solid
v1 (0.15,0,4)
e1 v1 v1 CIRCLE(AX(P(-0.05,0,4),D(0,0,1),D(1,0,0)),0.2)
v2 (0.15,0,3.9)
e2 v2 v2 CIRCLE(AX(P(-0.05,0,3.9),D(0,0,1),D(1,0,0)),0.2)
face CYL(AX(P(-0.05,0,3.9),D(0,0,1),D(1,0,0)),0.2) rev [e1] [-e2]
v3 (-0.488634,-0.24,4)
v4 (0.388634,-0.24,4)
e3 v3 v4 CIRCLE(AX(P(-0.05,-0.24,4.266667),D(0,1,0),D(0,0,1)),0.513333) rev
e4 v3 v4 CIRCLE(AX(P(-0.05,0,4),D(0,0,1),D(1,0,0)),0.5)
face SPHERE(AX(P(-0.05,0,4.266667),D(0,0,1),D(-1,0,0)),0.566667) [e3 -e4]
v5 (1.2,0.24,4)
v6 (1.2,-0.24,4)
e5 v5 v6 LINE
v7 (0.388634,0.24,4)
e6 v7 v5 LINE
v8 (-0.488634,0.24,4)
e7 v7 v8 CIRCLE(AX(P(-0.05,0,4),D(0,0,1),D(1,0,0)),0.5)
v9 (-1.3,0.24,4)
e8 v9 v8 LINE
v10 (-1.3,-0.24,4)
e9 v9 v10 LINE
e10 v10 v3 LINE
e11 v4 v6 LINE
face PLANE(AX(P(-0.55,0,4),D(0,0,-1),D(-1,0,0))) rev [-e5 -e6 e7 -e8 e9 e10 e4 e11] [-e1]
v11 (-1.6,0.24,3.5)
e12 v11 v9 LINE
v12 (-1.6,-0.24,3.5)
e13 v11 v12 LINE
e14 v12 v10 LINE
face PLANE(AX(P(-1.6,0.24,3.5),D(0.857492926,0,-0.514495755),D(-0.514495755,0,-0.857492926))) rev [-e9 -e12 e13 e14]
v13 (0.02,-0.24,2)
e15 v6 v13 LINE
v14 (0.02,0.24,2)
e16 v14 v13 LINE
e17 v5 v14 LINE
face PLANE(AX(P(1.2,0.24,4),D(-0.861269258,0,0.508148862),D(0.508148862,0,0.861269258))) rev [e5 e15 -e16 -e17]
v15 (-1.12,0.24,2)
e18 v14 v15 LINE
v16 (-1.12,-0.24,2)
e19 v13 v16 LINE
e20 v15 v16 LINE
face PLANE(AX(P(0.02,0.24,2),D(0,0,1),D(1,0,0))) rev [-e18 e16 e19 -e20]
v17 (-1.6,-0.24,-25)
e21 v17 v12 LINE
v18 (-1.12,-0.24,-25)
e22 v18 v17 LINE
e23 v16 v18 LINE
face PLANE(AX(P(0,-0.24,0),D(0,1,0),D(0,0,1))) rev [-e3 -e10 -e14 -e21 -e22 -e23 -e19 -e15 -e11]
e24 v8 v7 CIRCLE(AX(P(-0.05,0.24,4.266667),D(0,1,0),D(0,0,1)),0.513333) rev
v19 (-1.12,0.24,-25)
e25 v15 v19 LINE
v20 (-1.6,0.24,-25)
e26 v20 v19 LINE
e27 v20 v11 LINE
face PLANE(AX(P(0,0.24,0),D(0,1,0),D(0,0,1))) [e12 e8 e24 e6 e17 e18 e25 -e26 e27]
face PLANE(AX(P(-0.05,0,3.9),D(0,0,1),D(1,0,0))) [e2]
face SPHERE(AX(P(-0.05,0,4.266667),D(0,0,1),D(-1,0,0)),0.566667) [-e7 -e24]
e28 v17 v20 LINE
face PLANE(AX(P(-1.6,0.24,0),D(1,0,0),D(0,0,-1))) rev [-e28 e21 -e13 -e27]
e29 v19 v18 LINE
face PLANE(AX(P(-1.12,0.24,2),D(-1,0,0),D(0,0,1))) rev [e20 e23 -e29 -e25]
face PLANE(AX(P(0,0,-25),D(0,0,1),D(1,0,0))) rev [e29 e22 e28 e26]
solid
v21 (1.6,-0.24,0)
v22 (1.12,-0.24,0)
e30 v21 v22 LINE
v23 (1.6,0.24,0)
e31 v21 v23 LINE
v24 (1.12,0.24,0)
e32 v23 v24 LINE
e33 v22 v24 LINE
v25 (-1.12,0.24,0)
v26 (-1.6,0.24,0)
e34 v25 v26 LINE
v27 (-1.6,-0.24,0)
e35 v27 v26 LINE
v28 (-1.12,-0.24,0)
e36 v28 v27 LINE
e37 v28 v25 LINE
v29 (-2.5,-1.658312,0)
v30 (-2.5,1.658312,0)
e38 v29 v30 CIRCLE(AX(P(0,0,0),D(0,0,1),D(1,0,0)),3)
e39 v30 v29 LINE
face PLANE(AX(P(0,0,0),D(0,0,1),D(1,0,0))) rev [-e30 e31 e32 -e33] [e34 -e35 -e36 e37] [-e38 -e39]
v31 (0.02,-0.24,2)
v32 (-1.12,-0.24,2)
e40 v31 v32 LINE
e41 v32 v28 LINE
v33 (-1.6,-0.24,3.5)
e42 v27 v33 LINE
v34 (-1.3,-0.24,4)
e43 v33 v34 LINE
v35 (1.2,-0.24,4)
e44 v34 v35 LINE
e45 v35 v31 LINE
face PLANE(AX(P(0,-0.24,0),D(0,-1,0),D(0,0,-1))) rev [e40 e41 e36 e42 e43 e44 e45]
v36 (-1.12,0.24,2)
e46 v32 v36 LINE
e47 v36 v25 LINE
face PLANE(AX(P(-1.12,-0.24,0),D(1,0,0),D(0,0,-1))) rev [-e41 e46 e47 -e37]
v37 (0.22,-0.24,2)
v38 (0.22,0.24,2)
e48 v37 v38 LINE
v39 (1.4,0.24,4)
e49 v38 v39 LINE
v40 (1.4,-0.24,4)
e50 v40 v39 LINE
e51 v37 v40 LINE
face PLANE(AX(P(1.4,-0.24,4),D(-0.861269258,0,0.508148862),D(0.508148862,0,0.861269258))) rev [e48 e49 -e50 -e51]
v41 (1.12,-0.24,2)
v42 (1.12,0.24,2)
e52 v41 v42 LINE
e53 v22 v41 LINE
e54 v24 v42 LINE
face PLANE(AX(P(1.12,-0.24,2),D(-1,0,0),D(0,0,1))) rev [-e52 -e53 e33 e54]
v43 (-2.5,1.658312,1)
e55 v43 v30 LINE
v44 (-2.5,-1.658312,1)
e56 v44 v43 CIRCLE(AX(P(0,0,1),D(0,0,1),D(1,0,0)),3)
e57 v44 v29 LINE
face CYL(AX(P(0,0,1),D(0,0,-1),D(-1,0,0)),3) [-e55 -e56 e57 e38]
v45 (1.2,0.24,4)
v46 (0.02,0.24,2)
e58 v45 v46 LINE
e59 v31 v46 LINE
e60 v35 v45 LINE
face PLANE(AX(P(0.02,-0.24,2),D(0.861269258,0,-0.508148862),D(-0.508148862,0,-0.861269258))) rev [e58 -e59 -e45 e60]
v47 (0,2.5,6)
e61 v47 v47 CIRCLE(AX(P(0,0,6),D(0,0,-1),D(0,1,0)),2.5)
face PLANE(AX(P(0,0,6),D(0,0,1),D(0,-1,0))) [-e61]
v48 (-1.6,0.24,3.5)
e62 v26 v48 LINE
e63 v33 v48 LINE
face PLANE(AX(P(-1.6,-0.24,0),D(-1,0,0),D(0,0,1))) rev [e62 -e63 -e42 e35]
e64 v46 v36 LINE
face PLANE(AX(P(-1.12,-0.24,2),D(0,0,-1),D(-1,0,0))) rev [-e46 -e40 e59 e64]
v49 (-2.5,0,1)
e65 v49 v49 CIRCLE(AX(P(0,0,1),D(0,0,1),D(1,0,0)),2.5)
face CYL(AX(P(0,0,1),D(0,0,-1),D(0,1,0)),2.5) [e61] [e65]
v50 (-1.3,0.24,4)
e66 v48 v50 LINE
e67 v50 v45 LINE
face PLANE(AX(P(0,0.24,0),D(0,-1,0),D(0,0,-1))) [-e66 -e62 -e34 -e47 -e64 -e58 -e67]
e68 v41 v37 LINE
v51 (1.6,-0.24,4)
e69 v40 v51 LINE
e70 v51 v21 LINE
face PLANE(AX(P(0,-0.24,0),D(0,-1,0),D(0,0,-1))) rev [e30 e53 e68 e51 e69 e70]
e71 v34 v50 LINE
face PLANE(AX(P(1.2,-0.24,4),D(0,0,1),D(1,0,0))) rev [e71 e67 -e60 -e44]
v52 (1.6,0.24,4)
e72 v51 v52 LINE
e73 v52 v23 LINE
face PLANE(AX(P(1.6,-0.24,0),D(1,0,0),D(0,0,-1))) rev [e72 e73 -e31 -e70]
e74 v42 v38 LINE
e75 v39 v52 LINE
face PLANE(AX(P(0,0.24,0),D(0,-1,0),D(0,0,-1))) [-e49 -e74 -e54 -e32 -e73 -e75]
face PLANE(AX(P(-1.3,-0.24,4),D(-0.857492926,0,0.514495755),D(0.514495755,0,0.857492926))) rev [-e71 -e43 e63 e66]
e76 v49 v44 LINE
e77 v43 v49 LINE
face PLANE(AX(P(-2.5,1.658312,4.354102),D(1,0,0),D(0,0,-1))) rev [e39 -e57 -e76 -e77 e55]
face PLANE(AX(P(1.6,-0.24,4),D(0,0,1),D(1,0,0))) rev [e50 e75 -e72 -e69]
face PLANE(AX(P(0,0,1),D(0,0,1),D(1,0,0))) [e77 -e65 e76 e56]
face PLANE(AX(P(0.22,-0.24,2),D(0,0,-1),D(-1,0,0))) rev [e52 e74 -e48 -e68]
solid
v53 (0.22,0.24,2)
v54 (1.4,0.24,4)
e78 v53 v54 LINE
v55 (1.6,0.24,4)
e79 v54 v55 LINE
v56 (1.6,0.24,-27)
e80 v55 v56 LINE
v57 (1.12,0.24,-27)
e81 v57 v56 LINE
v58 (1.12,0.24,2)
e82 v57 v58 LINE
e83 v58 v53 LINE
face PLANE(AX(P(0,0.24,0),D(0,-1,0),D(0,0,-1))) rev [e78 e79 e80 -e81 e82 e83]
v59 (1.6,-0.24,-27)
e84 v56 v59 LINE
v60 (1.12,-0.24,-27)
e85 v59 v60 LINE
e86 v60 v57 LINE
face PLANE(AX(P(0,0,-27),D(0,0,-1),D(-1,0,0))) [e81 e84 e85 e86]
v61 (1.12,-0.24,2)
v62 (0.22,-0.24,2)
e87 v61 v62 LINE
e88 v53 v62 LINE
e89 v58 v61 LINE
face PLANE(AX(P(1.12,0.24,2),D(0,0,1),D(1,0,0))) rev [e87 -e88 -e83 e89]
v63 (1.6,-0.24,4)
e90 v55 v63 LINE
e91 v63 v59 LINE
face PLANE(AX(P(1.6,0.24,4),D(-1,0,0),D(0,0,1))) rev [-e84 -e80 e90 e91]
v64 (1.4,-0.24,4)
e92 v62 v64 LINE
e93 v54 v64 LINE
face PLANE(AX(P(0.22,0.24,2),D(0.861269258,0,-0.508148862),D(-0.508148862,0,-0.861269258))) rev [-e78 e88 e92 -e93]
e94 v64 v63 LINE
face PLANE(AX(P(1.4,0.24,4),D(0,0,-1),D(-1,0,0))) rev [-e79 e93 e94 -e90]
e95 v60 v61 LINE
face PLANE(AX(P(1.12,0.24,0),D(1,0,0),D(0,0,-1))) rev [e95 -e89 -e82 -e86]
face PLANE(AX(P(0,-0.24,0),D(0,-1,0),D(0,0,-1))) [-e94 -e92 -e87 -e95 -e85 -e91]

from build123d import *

# Parameters (mm, degrees)
ESBO_O1_R                  = 3
RESSALTO_EXTRUS_O1_DEPTH   = 1
ESBO_O3_W                  = 5
ESBO_O3_H                  = 2.5
CORTE_EXTRUS_O1_DEPTH      = 1
ESBO_O5_W                  = 0.48
ESBO_O5_H                  = 0.48
RESSALTO_EXTRUS_O2_DEPTH   = 25
RESSALTO_EXTRUS_O2_2_DEPTH = 25
ESBO_O6_W                  = 0.48
ESBO_O6_H                  = 0.48
RESSALTO_EXTRUS_O3_DEPTH   = 2
CORTE_EXTRUS_O2_DEPTH      = 0.24
RESSALTO_EXTRUS_O4_DEPTH   = 0.24
RESSALTO_EXTRUS_O4_2_DEPTH = 0.24
ESBO_O12_R                 = 0.2
CORTE_EXTRUS_O3_DEPTH      = 0.1


with BuildPart() as part:
    # Esboço1 → Ressalto-extrusão1 (new body)
    with BuildSketch(Plane.XY):
        Circle(ESBO_O1_R)
    extrude(amount=RESSALTO_EXTRUS_O1_DEPTH)

    # Esboço3 → Revolução1 (revolve)
    with BuildSketch(Plane(origin=(0, 0, 0), x_dir=(0, 0, -1), z_dir=(1, 0, 0))):
        with Locations((-3.5, 1.25)):
            Rectangle(ESBO_O3_W, ESBO_O3_H)
    revolve(axis=Axis((0, 0, 1), (0, 0, 1)))

    # Esboço4 → Corte-extrusão1 (cut)
    with BuildSketch(Plane(origin=(0, 0, 0), x_dir=(-1, 0, 0), z_dir=(0, 0, -1))):
        with BuildLine():
            Line((2.5, 1.658312395), (2.5, -1.658312395))
            ThreePointArc((2.5, -1.658312395), (3, 0), (2.5, 1.658312395))
        make_face()
    extrude(amount=-CORTE_EXTRUS_O1_DEPTH, mode=Mode.SUBTRACT)

    # Esboço7 → Corte-extrusão2 (cut, symmetric)
    with BuildSketch(Plane(origin=(0, 0, 0), x_dir=(1, 0, 0), z_dir=(0, 1, 0))):
        Polygon((-1.6, 0), (-1.6, -3.5), (-1.3, -4), (1.2, -4), (0.02, -2), (-1.12, -2), (-1.12, 0), align=None)
        Polygon((1.6, 0), (1.6, -4), (1.4, -4), (0.22, -2), (1.12, -2), (1.12, 0), align=None)
    extrude(amount=CORTE_EXTRUS_O2_DEPTH, both=True, mode=Mode.SUBTRACT)


with BuildPart() as body_2:
    # Esboço5 → Ressalto-extrusão2 (new body)
    with BuildSketch(Plane(origin=(0, 0, 0), x_dir=(-1, 0, 0), z_dir=(0, 0, -1))):
        with Locations((-1.36, 0)):
            Rectangle(ESBO_O5_W, ESBO_O5_H)
    extrude(amount=RESSALTO_EXTRUS_O2_DEPTH)


with BuildPart() as body_3:
    # Esboço5 → Ressalto-extrus_o2 2 (new body)
    with BuildSketch(Plane(origin=(0, 0, 0), x_dir=(-1, 0, 0), z_dir=(0, 0, -1))):
        with Locations((1.36, 0)):
            Rectangle(ESBO_O5_W, ESBO_O5_H)
    extrude(amount=RESSALTO_EXTRUS_O2_2_DEPTH)


with BuildPart() as body_4:
    # Esboço6 → Ressalto-extrusão3 (new body)
    with BuildSketch(Plane(origin=(0, 0, -25), x_dir=(-1, 0, 0), z_dir=(0, 0, -1))):
        with Locations((-1.36, 0)):
            Rectangle(ESBO_O6_W, ESBO_O6_H)
    extrude(amount=RESSALTO_EXTRUS_O3_DEPTH)


with BuildPart() as body_5:
    # Esboço8 → Ressalto-extrusão4 (new body, symmetric)
    with BuildSketch(Plane(origin=(0, 0, 0), x_dir=(1, 0, 0), z_dir=(0, 1, 0))):
        Polygon((-1.3, -4), (1.2, -4), (0.02, -2), (-1.12, -2), (-1.12, 0), (-1.6, 0), (-1.6, -3.5), align=None)
    extrude(amount=RESSALTO_EXTRUS_O4_DEPTH, both=True)

    # Combinar2: union body 3
    add(body_3.part)

    # Esboço10 → Corte-Revolução1 (revolve, cut)
    with BuildSketch(Plane(origin=(0, 0, 0), x_dir=(1, 0, 0), z_dir=(0, 1, 0))):
        with BuildLine():
            Line((-0.05, -4), (-0.05, -3.7))
            ThreePointArc((-0.05, -3.7), (-0.341547595, -3.780754009), (-0.55, -4))
            Line((-0.55, -4), (-0.05, -4))
        make_face()
    revolve(axis=Axis((-0.05, 0, 4), (0, 0, -1)), mode=Mode.SUBTRACT)


with BuildPart() as body_6:
    # Esboço8 → Ressalto-extrus_o4 2 (new body, symmetric)
    with BuildSketch(Plane(origin=(0, 0, 0), x_dir=(1, 0, 0), z_dir=(0, 1, 0))):
        Polygon((0.22, -2), (1.4, -4), (1.6, -4), (1.6, 0), (1.12, 0), (1.12, -2), align=None)
    extrude(amount=RESSALTO_EXTRUS_O4_2_DEPTH, both=True)

    # Combinar1: union body 4, body 2
    add(body_4.part)
    add(body_2.part)


with BuildPart() as body_4_2:
    # Esboço11 → Revolução2 (revolve)
    with BuildSketch(Plane(origin=(0, 0, 0), x_dir=(1, 0, 0), z_dir=(0, 1, 0))):
        with BuildLine():
            Line((-0.55, -4), (-0.05, -4))
            Line((-0.05, -4), (-0.05, -3.7))
            ThreePointArc((-0.05, -3.7), (-0.341547595, -3.780754009), (-0.55, -4))
        make_face()
    revolve(axis=Axis((-0.05, 0, 4), (0, 0, -1)))

    # Combinar3: union body 5
    add(body_5.part)

    # Esboço12 → Corte-extrusão3 (cut)
    with BuildSketch(Plane.XY.offset(4)):
        with Locations((-0.05, 0)):
            Circle(ESBO_O12_R)
    extrude(amount=-CORTE_EXTRUS_O3_DEPTH, mode=Mode.SUBTRACT)


solid = Compound([part.part, body_6.part, body_4_2.part])
